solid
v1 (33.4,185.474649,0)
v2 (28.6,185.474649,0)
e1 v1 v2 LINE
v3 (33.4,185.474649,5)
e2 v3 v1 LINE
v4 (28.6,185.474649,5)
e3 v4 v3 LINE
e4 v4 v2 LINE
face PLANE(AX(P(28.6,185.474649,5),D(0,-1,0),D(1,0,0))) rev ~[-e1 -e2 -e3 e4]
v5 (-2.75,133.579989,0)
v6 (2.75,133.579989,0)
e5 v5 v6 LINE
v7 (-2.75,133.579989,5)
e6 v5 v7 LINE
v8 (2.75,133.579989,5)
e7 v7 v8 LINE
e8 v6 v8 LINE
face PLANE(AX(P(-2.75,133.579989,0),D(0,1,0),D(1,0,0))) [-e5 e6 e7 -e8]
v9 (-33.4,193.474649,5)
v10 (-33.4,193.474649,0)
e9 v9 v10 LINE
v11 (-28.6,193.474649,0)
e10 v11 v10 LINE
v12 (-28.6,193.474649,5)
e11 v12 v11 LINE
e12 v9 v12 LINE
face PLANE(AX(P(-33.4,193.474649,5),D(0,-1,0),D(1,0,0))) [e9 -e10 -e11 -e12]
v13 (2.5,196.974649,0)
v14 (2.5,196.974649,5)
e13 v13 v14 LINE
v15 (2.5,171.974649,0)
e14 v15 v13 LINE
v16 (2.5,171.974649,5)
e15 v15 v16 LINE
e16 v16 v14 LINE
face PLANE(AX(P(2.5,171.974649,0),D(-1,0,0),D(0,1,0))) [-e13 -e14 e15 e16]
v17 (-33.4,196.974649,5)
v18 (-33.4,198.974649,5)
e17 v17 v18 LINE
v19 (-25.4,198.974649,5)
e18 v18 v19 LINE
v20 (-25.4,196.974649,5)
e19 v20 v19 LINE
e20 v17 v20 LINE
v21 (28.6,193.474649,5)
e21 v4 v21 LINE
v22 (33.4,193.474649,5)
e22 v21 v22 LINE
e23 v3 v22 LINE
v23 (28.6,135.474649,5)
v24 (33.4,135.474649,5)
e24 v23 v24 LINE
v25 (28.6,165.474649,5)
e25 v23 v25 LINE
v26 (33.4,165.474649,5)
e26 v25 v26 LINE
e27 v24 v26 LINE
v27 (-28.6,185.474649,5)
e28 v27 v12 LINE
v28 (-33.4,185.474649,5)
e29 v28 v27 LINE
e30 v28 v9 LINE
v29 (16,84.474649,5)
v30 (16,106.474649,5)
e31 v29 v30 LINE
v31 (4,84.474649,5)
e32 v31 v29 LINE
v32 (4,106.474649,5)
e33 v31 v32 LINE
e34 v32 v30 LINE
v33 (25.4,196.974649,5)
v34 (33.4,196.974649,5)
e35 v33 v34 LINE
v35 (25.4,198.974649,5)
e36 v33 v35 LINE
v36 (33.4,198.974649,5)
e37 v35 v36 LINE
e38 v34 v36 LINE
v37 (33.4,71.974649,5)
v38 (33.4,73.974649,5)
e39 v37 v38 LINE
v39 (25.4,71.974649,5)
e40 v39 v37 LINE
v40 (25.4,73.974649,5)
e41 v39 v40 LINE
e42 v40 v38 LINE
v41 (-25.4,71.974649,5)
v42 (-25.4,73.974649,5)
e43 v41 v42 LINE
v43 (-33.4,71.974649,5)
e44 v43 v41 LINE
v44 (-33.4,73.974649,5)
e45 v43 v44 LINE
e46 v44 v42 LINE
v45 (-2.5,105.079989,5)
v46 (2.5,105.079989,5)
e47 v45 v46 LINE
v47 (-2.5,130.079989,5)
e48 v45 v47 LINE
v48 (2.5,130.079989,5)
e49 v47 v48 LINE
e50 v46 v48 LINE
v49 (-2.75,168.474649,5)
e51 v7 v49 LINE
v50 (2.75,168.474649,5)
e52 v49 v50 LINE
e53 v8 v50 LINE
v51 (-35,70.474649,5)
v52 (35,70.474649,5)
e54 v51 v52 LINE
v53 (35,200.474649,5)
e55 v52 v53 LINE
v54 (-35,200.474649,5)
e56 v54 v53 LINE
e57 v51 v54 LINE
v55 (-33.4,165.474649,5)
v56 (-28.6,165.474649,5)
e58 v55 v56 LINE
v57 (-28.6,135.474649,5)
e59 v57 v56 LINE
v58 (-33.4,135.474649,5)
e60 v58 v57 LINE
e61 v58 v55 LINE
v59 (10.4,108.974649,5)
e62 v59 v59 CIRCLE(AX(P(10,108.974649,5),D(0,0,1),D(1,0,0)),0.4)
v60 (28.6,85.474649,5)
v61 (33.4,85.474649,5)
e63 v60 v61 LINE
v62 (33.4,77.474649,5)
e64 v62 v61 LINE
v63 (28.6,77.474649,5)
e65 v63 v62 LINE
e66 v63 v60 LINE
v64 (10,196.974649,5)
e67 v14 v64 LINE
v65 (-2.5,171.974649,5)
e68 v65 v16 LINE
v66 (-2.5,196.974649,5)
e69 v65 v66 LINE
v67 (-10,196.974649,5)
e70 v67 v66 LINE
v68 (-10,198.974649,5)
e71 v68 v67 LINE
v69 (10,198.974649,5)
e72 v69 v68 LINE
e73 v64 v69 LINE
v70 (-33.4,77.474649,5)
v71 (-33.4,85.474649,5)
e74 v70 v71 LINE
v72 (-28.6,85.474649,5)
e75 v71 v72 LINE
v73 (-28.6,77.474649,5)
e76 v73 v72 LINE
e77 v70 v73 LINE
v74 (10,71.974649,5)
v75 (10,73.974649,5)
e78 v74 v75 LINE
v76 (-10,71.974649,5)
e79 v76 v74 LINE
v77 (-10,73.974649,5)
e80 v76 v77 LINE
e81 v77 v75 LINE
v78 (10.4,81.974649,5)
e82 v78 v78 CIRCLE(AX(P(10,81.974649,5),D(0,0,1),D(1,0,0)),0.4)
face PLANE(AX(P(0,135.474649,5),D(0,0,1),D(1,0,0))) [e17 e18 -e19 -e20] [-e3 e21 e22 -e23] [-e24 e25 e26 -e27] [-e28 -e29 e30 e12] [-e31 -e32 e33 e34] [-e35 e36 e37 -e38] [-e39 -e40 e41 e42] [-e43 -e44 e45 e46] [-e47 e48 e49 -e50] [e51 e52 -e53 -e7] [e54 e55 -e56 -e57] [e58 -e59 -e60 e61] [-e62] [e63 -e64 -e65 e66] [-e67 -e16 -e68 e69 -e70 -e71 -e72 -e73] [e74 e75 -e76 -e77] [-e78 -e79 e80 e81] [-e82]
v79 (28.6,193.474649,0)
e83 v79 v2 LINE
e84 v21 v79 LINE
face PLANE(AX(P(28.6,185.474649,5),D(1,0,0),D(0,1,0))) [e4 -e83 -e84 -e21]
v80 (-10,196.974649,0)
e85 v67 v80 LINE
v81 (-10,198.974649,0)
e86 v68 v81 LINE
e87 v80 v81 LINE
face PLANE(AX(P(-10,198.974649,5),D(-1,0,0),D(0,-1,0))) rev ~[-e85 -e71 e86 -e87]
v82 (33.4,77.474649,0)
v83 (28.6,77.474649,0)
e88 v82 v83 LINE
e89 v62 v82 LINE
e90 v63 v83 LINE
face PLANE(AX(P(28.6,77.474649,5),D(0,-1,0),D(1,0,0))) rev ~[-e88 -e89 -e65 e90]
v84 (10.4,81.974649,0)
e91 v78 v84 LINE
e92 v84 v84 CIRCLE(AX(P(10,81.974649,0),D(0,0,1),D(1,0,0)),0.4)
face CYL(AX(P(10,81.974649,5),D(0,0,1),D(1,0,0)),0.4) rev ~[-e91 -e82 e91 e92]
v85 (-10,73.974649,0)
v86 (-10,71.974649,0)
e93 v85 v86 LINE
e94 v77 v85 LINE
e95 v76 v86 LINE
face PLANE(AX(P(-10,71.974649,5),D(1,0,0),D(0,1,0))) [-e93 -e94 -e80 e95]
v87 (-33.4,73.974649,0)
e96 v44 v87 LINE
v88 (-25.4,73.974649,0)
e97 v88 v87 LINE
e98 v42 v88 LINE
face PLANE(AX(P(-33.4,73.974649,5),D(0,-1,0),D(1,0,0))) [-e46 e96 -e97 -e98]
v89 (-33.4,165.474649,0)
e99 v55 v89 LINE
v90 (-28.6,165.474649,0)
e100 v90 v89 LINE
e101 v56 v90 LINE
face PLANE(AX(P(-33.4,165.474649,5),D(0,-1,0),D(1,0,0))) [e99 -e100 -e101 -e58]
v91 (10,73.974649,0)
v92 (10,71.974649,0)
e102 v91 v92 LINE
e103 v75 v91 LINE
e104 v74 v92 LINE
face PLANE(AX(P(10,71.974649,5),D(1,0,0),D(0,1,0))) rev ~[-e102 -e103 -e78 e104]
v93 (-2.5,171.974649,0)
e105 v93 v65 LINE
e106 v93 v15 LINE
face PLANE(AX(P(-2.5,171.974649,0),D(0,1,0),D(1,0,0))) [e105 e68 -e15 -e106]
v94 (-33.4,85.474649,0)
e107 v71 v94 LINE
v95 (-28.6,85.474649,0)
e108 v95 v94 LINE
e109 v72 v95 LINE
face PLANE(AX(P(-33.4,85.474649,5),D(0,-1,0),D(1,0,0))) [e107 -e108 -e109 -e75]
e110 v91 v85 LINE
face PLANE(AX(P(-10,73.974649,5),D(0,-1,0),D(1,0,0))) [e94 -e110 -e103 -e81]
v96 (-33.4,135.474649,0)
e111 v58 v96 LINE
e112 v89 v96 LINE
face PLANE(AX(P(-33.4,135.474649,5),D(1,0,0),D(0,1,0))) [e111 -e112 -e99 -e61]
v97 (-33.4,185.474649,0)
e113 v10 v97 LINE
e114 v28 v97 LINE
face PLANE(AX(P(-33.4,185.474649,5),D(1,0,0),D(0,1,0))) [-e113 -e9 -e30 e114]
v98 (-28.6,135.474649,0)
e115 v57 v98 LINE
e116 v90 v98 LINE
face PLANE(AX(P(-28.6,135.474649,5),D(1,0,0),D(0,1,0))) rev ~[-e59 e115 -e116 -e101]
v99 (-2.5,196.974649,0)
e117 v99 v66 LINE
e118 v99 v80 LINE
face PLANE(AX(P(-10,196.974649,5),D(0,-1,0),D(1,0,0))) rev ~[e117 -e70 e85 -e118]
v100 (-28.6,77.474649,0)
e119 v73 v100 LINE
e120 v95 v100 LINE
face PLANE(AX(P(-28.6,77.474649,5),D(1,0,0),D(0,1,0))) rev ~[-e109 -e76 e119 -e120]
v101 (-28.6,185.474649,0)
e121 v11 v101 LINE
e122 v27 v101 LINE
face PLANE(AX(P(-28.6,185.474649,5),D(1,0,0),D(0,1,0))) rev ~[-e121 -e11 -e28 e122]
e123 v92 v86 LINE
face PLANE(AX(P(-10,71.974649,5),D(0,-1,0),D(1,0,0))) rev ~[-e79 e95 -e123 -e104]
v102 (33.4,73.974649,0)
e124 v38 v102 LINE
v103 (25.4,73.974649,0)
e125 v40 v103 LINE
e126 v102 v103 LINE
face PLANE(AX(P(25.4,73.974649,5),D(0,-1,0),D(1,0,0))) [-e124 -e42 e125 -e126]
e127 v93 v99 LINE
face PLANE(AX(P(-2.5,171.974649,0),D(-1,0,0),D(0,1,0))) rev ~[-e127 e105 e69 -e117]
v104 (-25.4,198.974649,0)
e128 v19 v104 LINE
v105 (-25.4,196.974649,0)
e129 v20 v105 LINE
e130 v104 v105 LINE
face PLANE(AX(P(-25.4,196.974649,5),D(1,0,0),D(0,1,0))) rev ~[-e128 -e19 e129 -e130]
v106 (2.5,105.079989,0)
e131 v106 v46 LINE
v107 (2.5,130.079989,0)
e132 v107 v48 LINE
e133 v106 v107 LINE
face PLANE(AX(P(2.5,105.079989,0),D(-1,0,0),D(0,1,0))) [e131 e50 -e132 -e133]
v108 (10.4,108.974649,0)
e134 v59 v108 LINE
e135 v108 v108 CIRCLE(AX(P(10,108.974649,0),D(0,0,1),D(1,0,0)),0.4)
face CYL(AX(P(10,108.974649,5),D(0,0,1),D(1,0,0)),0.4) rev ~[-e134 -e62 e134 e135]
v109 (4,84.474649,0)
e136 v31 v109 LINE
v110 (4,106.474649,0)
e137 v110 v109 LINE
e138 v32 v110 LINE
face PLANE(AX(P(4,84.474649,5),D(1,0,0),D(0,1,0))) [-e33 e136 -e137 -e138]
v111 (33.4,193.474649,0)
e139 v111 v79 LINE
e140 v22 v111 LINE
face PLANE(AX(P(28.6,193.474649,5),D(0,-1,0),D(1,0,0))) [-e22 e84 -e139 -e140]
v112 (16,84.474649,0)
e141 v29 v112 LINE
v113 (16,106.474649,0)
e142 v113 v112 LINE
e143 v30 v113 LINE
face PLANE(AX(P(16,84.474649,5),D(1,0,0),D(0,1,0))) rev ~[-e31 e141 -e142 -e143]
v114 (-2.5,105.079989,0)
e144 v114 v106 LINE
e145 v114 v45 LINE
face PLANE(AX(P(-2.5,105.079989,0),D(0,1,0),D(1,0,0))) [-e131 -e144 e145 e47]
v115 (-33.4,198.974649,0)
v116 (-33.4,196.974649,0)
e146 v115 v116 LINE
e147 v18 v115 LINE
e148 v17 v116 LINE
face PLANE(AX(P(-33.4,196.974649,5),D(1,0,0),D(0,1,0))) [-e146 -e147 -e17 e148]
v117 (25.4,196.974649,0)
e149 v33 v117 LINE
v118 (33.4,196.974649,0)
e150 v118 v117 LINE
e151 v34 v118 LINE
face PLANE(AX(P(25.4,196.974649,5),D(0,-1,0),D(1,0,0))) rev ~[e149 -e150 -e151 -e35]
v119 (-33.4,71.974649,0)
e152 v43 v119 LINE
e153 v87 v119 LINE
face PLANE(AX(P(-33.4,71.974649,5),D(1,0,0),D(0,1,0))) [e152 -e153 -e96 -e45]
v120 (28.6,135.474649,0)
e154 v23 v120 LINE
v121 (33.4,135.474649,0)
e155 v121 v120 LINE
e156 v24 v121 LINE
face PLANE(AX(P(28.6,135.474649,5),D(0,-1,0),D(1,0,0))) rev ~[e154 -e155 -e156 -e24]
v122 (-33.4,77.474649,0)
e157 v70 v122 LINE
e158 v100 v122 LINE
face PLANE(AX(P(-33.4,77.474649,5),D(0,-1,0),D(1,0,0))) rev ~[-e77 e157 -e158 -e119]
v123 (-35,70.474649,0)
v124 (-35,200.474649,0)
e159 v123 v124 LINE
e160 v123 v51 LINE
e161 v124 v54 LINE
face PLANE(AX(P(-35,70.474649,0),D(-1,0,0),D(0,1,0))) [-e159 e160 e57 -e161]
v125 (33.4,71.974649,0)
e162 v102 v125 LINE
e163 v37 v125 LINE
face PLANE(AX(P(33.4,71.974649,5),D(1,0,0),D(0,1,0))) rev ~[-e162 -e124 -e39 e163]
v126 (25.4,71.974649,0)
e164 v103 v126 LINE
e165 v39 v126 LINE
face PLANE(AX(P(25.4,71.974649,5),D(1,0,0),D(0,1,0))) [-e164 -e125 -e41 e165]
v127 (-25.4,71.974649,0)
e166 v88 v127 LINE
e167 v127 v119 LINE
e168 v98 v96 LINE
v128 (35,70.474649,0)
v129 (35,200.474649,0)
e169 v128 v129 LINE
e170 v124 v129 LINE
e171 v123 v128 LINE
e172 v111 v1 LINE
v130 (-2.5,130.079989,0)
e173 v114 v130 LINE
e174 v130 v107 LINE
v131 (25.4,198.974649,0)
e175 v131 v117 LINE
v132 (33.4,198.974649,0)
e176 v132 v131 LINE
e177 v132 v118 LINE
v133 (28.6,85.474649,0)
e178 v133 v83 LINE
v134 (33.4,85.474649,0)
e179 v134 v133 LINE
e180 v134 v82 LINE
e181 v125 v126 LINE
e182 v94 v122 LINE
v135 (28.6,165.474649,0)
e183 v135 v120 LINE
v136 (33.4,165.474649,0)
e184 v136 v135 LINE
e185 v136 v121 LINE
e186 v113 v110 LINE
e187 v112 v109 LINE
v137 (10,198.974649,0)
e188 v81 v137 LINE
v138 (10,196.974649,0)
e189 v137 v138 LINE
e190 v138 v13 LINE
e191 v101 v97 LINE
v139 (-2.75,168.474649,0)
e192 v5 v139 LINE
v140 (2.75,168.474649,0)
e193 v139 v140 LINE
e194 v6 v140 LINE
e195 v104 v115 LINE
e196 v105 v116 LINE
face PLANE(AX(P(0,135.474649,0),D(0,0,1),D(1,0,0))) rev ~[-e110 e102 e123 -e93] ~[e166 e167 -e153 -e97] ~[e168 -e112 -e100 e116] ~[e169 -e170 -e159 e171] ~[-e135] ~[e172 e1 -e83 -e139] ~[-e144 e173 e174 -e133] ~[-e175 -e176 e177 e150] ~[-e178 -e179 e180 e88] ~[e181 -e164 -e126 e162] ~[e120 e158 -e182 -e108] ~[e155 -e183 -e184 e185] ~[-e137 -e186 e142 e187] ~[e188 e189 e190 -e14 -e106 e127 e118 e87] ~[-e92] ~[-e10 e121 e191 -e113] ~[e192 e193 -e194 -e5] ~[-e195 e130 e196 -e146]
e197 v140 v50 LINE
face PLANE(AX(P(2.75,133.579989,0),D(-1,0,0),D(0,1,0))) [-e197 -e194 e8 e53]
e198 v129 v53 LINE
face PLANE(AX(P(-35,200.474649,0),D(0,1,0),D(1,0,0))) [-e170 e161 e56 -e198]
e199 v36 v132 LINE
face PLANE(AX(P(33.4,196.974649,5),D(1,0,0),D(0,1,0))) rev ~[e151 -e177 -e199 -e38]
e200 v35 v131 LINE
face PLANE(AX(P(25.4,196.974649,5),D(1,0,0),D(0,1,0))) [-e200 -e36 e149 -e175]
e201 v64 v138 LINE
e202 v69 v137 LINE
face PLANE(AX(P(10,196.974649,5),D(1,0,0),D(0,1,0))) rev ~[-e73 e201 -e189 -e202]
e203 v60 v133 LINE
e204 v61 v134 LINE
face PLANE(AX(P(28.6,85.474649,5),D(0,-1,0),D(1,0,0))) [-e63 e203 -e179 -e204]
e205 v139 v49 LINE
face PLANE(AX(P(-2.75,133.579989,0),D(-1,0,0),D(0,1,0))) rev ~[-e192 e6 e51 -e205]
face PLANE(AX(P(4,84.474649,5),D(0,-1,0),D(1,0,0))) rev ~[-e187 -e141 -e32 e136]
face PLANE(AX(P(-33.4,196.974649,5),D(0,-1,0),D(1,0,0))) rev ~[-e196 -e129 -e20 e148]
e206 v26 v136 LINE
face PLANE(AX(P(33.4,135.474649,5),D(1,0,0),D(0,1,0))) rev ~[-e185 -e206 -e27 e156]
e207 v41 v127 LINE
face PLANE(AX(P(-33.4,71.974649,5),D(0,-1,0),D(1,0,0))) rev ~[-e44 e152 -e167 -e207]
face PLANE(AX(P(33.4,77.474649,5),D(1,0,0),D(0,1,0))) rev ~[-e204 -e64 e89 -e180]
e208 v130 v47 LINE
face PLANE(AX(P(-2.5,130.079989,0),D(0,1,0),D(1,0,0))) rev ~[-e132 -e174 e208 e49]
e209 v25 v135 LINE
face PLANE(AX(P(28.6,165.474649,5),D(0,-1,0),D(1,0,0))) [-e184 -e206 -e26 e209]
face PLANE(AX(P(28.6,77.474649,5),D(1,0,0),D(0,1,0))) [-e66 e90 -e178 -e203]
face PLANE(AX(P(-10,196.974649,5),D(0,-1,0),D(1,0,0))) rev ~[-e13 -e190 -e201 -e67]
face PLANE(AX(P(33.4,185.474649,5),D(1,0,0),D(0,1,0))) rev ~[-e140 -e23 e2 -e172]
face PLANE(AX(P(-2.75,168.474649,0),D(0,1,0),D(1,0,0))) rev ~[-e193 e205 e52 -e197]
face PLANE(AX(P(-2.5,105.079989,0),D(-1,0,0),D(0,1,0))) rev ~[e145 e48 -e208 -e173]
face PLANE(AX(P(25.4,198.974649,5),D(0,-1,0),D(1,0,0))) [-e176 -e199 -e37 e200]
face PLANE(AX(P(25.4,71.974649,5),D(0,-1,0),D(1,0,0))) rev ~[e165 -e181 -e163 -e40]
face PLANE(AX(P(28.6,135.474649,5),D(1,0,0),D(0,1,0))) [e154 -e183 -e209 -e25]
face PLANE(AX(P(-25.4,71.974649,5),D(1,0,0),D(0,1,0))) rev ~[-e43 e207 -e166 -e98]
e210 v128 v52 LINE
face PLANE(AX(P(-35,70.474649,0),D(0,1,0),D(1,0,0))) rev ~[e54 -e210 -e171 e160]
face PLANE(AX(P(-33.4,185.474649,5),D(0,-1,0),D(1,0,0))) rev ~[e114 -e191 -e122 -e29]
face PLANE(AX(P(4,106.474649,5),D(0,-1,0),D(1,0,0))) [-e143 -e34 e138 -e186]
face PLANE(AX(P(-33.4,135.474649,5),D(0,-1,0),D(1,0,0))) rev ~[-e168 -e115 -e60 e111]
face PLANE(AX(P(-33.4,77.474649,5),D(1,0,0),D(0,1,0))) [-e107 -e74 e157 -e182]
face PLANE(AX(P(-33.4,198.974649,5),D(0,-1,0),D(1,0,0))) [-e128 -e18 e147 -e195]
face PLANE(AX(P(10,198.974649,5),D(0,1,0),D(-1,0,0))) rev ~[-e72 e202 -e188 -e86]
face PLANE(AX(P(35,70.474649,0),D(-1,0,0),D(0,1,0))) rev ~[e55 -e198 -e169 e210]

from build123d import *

# Parameters (mm, degrees)
SKETCH1_W           = 70
SKETCH1_H           = 130
SKETCH1_W_2         = 5
SKETCH1_H_2         = 25
SKETCH1_W_3         = 5.5
SKETCH1_H_3         = 34.894660298
BOSS_EXTRUDE1_DEPTH = 5
CUT_EXTRUDE1_REACH  = 205.568
SKETCH2_W           = 4.8
SKETCH2_H           = 8
SKETCH2_H_2         = 30
SKETCH2_W_2         = 8
SKETCH2_H_3         = 2
SKETCH2_W_3         = 20
SKETCH2_W_4         = 12
SKETCH2_H_4         = 22
CUT_EXTRUDE2_REACH  = 205.568
SKETCH4_R           = 0.4


with BuildPart() as part:
    # Sketch1 → Boss-Extrude1 (new body)
    with BuildSketch(Plane.XY):
        with Locations((0, 135.474649456)):
            Rectangle(SKETCH1_W, SKETCH1_H)
        with Locations((0, 184.474649456)):
            Rectangle(SKETCH1_W_2, SKETCH1_H_2, mode=Mode.SUBTRACT)
        with Locations((0, 117.579989158)):
            Rectangle(SKETCH1_W_2, SKETCH1_H_2, mode=Mode.SUBTRACT)
        with Locations((0, 151.027319307)):
            Rectangle(SKETCH1_W_3, SKETCH1_H_3, mode=Mode.SUBTRACT)
    extrude(amount=BOSS_EXTRUDE1_DEPTH)

    # Sketch2 → Cut-Extrude1 (cut, up to next)
    with BuildSketch(Plane.XY.offset(5), mode=Mode.PRIVATE) as cut_extrude1_sk1:
        with Locations((-31, 189.474649456)):
            Rectangle(SKETCH2_W, SKETCH2_H)
    cut_extrude1_tool1 = extrude(cut_extrude1_sk1.sketch, amount=-CUT_EXTRUDE1_REACH, mode=Mode.PRIVATE) & part.part
    # Sketch2 → Cut-Extrude1 (cut, up to next)
    with BuildSketch(Plane.XY.offset(5), mode=Mode.PRIVATE) as cut_extrude1_sk2:
        with Locations((-31, 150.474649456)):
            Rectangle(SKETCH2_W, SKETCH2_H_2)
    cut_extrude1_tool2 = extrude(cut_extrude1_sk2.sketch, amount=-CUT_EXTRUDE1_REACH, mode=Mode.PRIVATE) & part.part
    # Sketch2 → Cut-Extrude1 (cut, up to next)
    with BuildSketch(Plane.XY.offset(5), mode=Mode.PRIVATE) as cut_extrude1_sk3:
        with Locations((-29.4, 197.974649456)):
            Rectangle(SKETCH2_W_2, SKETCH2_H_3)
    cut_extrude1_tool3 = extrude(cut_extrude1_sk3.sketch, amount=-CUT_EXTRUDE1_REACH, mode=Mode.PRIVATE) & part.part
    # Sketch2 → Cut-Extrude1 (cut, up to next)
    with BuildSketch(Plane.XY.offset(5), mode=Mode.PRIVATE) as cut_extrude1_sk4:
        with Locations((-31, 81.474649456)):
            Rectangle(SKETCH2_W, SKETCH2_H)
    cut_extrude1_tool4 = extrude(cut_extrude1_sk4.sketch, amount=-CUT_EXTRUDE1_REACH, mode=Mode.PRIVATE) & part.part
    # Sketch2 → Cut-Extrude1 (cut, up to next)
    with BuildSketch(Plane.XY.offset(5), mode=Mode.PRIVATE) as cut_extrude1_sk5:
        with Locations((31, 81.474649456)):
            Rectangle(SKETCH2_W, SKETCH2_H)
    cut_extrude1_tool5 = extrude(cut_extrude1_sk5.sketch, amount=-CUT_EXTRUDE1_REACH, mode=Mode.PRIVATE) & part.part
    # Sketch2 → Cut-Extrude1 (cut, up to next)
    with BuildSketch(Plane.XY.offset(5), mode=Mode.PRIVATE) as cut_extrude1_sk6:
        with Locations((31, 150.474649456)):
            Rectangle(SKETCH2_W, SKETCH2_H_2)
    cut_extrude1_tool6 = extrude(cut_extrude1_sk6.sketch, amount=-CUT_EXTRUDE1_REACH, mode=Mode.PRIVATE) & part.part
    # Sketch2 → Cut-Extrude1 (cut, up to next)
    with BuildSketch(Plane.XY.offset(5), mode=Mode.PRIVATE) as cut_extrude1_sk7:
        with Locations((31, 189.474649456)):
            Rectangle(SKETCH2_W, SKETCH2_H)
    cut_extrude1_tool7 = extrude(cut_extrude1_sk7.sketch, amount=-CUT_EXTRUDE1_REACH, mode=Mode.PRIVATE) & part.part
    # Sketch2 → Cut-Extrude1 (cut, up to next)
    with BuildSketch(Plane.XY.offset(5), mode=Mode.PRIVATE) as cut_extrude1_sk8:
        with Locations((29.4, 197.974649456)):
            Rectangle(SKETCH2_W_2, SKETCH2_H_3)
    cut_extrude1_tool8 = extrude(cut_extrude1_sk8.sketch, amount=-CUT_EXTRUDE1_REACH, mode=Mode.PRIVATE) & part.part
    # Sketch2 → Cut-Extrude1 (cut, up to next)
    with BuildSketch(Plane.XY.offset(5), mode=Mode.PRIVATE) as cut_extrude1_sk9:
        with Locations((-29.4, 72.974649456)):
            Rectangle(SKETCH2_W_2, SKETCH2_H_3)
    cut_extrude1_tool9 = extrude(cut_extrude1_sk9.sketch, amount=-CUT_EXTRUDE1_REACH, mode=Mode.PRIVATE) & part.part
    # Sketch2 → Cut-Extrude1 (cut, up to next)
    with BuildSketch(Plane.XY.offset(5), mode=Mode.PRIVATE) as cut_extrude1_sk10:
        with Locations((0, 72.974649456)):
            Rectangle(SKETCH2_W_3, SKETCH2_H_3)
    cut_extrude1_tool10 = extrude(cut_extrude1_sk10.sketch, amount=-CUT_EXTRUDE1_REACH, mode=Mode.PRIVATE) & part.part
    # Sketch2 → Cut-Extrude1 (cut, up to next)
    with BuildSketch(Plane.XY.offset(5), mode=Mode.PRIVATE) as cut_extrude1_sk11:
        with Locations((29.4, 72.974649456)):
            Rectangle(SKETCH2_W_2, SKETCH2_H_3)
    cut_extrude1_tool11 = extrude(cut_extrude1_sk11.sketch, amount=-CUT_EXTRUDE1_REACH, mode=Mode.PRIVATE) & part.part
    # Sketch2 → Cut-Extrude1 (cut, up to next)
    with BuildSketch(Plane.XY.offset(5), mode=Mode.PRIVATE) as cut_extrude1_sk12:
        with Locations((0, 197.974649456)):
            Rectangle(SKETCH2_W_3, SKETCH2_H_3)
    cut_extrude1_tool12 = extrude(cut_extrude1_sk12.sketch, amount=-CUT_EXTRUDE1_REACH, mode=Mode.PRIVATE) & part.part
    # Sketch2 → Cut-Extrude1 (cut, up to next)
    with BuildSketch(Plane.XY.offset(5), mode=Mode.PRIVATE) as cut_extrude1_sk13:
        with Locations((10, 95.474649456)):
            Rectangle(SKETCH2_W_4, SKETCH2_H_4)
    cut_extrude1_tool13 = extrude(cut_extrude1_sk13.sketch, amount=-CUT_EXTRUDE1_REACH, mode=Mode.PRIVATE) & part.part
    add(cut_extrude1_tool1.solids().sort_by_distance((-31, 189.474649, 5))[0], mode=Mode.SUBTRACT)
    add(cut_extrude1_tool2.solids().sort_by_distance((-31, 150.474649, 5))[0], mode=Mode.SUBTRACT)
    add(cut_extrude1_tool3.solids().sort_by_distance((-29.4, 197.974649, 5))[0], mode=Mode.SUBTRACT)
    add(cut_extrude1_tool4.solids().sort_by_distance((-31, 81.474649, 5))[0], mode=Mode.SUBTRACT)
    add(cut_extrude1_tool5.solids().sort_by_distance((31, 81.474649, 5))[0], mode=Mode.SUBTRACT)
    add(cut_extrude1_tool6.solids().sort_by_distance((31, 150.474649, 5))[0], mode=Mode.SUBTRACT)
    add(cut_extrude1_tool7.solids().sort_by_distance((31, 189.474649, 5))[0], mode=Mode.SUBTRACT)
    add(cut_extrude1_tool8.solids().sort_by_distance((29.4, 197.974649, 5))[0], mode=Mode.SUBTRACT)
    add(cut_extrude1_tool9.solids().sort_by_distance((-29.4, 72.974649, 5))[0], mode=Mode.SUBTRACT)
    add(cut_extrude1_tool10.solids().sort_by_distance((0, 72.974649, 5))[0], mode=Mode.SUBTRACT)
    add(cut_extrude1_tool11.solids().sort_by_distance((29.4, 72.974649, 5))[0], mode=Mode.SUBTRACT)
    add(cut_extrude1_tool12.solids().sort_by_distance((0, 197.974649, 5))[0], mode=Mode.SUBTRACT)
    add(cut_extrude1_tool13.solids().sort_by_distance((10, 95.474649, 5))[0], mode=Mode.SUBTRACT)

    # Sketch4 → Cut-Extrude2 (cut, up to next)
    with BuildSketch(Plane.XY.offset(5), mode=Mode.PRIVATE) as cut_extrude2_sk1:
        with Locations((10, 81.974649456)):
            Circle(SKETCH4_R)
    cut_extrude2_tool1 = extrude(cut_extrude2_sk1.sketch, amount=-CUT_EXTRUDE2_REACH, mode=Mode.PRIVATE) & part.part
    # Sketch4 → Cut-Extrude2 (cut, up to next)
    with BuildSketch(Plane.XY.offset(5), mode=Mode.PRIVATE) as cut_extrude2_sk2:
        with Locations((10, 108.974649456)):
            Circle(SKETCH4_R)
    cut_extrude2_tool2 = extrude(cut_extrude2_sk2.sketch, amount=-CUT_EXTRUDE2_REACH, mode=Mode.PRIVATE) & part.part
    add(cut_extrude2_tool1.solids().sort_by_distance((10, 81.974649, 5))[0], mode=Mode.SUBTRACT)
    add(cut_extrude2_tool2.solids().sort_by_distance((10, 108.974649, 5))[0], mode=Mode.SUBTRACT)


solid = part.part
